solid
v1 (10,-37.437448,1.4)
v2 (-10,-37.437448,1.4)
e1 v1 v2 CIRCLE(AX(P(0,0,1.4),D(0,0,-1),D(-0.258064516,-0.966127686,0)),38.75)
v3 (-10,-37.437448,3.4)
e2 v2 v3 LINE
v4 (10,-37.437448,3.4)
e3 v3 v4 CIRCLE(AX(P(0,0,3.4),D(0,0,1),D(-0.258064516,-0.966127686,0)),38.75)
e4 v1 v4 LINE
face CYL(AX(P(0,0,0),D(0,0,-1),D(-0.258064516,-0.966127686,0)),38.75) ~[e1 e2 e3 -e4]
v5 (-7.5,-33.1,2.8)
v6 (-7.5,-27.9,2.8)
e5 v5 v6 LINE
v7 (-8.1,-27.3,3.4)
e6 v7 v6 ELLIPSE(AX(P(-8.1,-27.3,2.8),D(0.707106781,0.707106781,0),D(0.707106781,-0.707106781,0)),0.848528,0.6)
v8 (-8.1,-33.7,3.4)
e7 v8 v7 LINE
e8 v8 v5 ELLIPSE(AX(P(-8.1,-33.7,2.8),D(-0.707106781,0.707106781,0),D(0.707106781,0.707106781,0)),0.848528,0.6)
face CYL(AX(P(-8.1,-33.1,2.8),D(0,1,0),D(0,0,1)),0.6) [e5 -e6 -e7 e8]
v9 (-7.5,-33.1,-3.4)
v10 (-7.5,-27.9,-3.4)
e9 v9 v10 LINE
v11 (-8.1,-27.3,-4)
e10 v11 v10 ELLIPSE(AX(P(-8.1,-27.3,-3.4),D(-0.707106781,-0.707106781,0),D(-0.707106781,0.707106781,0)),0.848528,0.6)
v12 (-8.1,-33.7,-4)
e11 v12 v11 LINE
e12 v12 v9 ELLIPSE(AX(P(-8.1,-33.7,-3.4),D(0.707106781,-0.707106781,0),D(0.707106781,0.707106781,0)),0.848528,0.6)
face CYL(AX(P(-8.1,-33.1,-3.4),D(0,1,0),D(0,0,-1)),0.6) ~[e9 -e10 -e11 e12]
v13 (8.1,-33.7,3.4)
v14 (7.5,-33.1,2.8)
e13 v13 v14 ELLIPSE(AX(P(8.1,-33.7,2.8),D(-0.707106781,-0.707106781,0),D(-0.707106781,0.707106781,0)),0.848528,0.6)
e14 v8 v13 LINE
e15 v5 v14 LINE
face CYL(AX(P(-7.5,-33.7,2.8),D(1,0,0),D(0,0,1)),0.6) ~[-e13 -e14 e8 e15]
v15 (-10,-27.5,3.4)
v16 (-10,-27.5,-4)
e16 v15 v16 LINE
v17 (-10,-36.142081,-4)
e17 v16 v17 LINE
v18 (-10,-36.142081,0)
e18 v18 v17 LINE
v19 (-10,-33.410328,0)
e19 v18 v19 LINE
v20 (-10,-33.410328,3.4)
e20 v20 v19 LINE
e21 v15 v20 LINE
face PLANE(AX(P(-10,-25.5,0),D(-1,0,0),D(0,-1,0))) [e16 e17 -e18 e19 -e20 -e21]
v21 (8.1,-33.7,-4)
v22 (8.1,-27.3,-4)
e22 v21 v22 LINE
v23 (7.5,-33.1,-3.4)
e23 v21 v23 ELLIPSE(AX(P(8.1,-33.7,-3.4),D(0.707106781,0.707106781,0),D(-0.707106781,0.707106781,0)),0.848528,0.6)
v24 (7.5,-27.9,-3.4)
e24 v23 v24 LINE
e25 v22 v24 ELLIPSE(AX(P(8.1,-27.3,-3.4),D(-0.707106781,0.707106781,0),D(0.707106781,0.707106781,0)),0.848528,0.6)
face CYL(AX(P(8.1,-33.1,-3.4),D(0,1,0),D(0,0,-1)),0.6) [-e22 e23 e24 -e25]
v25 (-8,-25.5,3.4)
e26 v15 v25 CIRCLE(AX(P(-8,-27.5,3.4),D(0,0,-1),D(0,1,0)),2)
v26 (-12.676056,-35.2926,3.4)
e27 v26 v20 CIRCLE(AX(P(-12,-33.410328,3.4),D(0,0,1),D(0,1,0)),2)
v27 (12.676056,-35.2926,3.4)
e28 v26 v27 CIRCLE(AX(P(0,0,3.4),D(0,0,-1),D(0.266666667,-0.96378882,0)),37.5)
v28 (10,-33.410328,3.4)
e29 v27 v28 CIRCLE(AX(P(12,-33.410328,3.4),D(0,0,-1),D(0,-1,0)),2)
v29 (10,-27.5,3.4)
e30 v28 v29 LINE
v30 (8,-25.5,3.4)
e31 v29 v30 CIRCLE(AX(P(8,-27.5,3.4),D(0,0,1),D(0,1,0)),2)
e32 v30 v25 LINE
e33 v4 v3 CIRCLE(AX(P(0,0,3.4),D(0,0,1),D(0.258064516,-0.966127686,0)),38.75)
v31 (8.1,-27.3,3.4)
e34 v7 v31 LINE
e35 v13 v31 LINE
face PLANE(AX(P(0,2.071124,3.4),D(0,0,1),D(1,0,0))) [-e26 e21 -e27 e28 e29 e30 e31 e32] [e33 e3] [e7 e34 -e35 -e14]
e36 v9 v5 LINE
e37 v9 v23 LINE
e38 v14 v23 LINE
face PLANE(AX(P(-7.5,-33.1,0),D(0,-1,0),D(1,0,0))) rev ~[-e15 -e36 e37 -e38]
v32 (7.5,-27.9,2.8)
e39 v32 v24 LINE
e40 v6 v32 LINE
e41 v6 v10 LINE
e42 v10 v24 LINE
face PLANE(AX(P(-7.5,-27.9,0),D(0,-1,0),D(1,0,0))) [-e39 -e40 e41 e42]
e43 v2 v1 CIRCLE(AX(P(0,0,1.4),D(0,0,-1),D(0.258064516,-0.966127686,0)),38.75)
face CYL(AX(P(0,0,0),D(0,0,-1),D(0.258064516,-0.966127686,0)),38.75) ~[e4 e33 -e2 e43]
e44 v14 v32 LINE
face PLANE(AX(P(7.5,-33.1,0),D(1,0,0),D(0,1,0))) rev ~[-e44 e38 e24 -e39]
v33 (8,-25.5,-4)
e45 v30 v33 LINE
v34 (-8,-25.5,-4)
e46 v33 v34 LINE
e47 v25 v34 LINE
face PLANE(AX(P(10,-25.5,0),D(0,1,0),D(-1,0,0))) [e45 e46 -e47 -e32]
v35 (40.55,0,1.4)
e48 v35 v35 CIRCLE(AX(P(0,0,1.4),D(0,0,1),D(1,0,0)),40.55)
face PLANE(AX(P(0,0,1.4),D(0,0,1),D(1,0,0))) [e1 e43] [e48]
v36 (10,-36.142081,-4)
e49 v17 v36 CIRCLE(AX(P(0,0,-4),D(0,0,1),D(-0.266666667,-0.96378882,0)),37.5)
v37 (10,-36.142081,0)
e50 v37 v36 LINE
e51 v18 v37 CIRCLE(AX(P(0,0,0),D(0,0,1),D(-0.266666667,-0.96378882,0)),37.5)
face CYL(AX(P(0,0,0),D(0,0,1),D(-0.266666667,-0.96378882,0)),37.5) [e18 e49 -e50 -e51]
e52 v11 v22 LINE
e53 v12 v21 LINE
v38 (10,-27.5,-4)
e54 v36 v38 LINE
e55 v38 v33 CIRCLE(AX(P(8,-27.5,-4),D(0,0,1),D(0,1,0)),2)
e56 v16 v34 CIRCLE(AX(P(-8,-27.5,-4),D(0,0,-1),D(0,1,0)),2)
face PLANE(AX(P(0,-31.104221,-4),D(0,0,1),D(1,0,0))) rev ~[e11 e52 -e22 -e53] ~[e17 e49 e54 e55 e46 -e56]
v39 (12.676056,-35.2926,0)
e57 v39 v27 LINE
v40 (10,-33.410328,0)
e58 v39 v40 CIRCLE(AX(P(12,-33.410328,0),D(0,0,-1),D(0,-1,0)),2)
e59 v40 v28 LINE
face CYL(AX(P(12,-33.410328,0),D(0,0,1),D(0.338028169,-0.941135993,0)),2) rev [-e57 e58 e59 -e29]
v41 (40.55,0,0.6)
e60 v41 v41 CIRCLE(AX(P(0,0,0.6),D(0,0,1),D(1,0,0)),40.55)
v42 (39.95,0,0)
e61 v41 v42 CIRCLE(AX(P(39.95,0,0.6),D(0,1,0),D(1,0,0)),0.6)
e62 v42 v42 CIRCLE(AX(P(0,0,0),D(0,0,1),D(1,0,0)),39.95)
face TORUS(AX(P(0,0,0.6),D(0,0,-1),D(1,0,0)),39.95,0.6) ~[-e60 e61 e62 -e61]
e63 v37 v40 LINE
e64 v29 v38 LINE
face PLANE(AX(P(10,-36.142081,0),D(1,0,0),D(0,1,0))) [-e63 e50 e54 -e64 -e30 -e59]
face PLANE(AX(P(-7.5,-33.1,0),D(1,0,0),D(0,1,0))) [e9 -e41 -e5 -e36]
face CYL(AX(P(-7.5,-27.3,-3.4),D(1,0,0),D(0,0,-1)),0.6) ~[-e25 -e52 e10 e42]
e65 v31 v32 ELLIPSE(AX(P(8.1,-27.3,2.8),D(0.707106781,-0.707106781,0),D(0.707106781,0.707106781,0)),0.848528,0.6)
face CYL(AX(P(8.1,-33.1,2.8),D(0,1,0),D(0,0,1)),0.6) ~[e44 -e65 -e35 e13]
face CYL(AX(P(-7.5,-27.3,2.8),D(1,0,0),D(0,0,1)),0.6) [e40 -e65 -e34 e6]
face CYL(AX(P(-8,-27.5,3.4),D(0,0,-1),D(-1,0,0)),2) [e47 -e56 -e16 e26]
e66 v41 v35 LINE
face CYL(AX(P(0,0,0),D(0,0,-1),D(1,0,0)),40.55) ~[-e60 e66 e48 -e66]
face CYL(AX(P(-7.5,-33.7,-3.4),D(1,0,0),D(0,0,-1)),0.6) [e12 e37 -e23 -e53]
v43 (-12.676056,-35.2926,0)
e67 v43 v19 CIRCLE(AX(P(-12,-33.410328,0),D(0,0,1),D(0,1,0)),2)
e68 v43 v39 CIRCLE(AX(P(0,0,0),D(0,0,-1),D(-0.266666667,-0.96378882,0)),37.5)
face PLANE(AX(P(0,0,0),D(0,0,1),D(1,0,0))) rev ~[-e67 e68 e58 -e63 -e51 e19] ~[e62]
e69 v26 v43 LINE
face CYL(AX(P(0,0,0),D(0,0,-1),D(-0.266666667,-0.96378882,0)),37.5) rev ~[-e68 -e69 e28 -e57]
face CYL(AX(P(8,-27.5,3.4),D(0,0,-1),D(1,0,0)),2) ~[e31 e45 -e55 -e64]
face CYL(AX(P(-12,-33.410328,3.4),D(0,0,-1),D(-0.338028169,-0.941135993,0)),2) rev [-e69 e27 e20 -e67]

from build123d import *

# Parameters (mm, degrees)
F0_R     = 40.55
F0_W     = 15
F0_H     = 5.2
F1_DEPTH = 1.4
F2_DEPTH = 3.4
F3_DEPTH = 4
F4_R     = 0.6
F5_R     = 2
F6_R     = 0.6


with BuildPart() as f1:
    # F0 (on Top) → F1 (new body)
    with BuildSketch(Plane.XY):
        Circle(F0_R)
        with BuildLine():
            ThreePointArc((-10, -37.4374478297), (-23.6015094856, 30.7332271329), (38.75, 0))
            ThreePointArc((38.75, 0), (30.7332271329, -23.6015094856), (10, -37.4374478297))
            Line((10, -37.4374478297), (10, -39))
            Line((10, -39), (-10, -39))
            Line((-10, -39), (-10, -37.4374478297))
        make_face(mode=Mode.SUBTRACT)
        with BuildLine():
            ThreePointArc((10, -37.4374478297), (30.7332271329, -23.6015094856), (38.75, 0))
            ThreePointArc((38.75, 0), (-23.6015094856, 30.7332271329), (-10, -37.4374478297))
            Line((-10, -37.4374478297), (-10, -36.142080737))
            ThreePointArc((-10, -36.142080737), (-22.7073776557, 29.8433409658), (37.5, 0))
            ThreePointArc((37.5, 0), (29.8433409658, -22.7073776557), (10, -36.142080737))
            Line((10, -36.142080737), (10, -37.4374478297))
        make_face()
        with BuildLine():
            Line((-10, -25.5), (-10, -36.142080737))
            ThreePointArc((-10, -36.142080737), (0, -37.5), (10, -36.142080737))
            Line((10, -36.142080737), (10, -25.5))
            Line((10, -25.5), (-10, -25.5))
        make_face()
        with Locations((0, -30.5)):
            Rectangle(F0_W, F0_H, mode=Mode.SUBTRACT)
        with BuildLine():
            Line((-10, -36.142080737), (-10, -37.4374478297))
            ThreePointArc((-10, -37.4374478297), (0, -38.75), (10, -37.4374478297))
            Line((10, -37.4374478297), (10, -36.142080737))
            ThreePointArc((10, -36.142080737), (0, -37.5), (-10, -36.142080737))
        make_face()
        with BuildLine():
            ThreePointArc((10, -37.4374478297), (0, -38.75), (-10, -37.4374478297))
            Line((-10, -37.4374478297), (-10, -39))
            Line((-10, -39), (10, -39))
            Line((10, -39), (10, -37.4374478297))
        make_face()
    extrude(amount=F1_DEPTH)

    # F0 (on Top) → F2 (join)
    with BuildSketch(Plane.XY):
        with BuildLine():
            ThreePointArc((10, -37.4374478297), (30.7332271329, -23.6015094856), (38.75, 0))
            ThreePointArc((38.75, 0), (-23.6015094856, 30.7332271329), (-10, -37.4374478297))
            Line((-10, -37.4374478297), (-10, -36.142080737))
            ThreePointArc((-10, -36.142080737), (-22.7073776557, 29.8433409658), (37.5, 0))
            ThreePointArc((37.5, 0), (29.8433409658, -22.7073776557), (10, -36.142080737))
            Line((10, -36.142080737), (10, -37.4374478297))
        make_face()
        with BuildLine():
            Line((-10, -36.142080737), (-10, -37.4374478297))
            ThreePointArc((-10, -37.4374478297), (0, -38.75), (10, -37.4374478297))
            Line((10, -37.4374478297), (10, -36.142080737))
            ThreePointArc((10, -36.142080737), (0, -37.5), (-10, -36.142080737))
        make_face()
        with BuildLine():
            Line((-10, -25.5), (-10, -36.142080737))
            ThreePointArc((-10, -36.142080737), (0, -37.5), (10, -36.142080737))
            Line((10, -36.142080737), (10, -25.5))
            Line((10, -25.5), (-10, -25.5))
        make_face()
        with Locations((0, -30.5)):
            Rectangle(F0_W, F0_H, mode=Mode.SUBTRACT)
    extrude(amount=F2_DEPTH)

    # F0 (on Top) → F3 (join)
    with BuildSketch(Plane.XY):
        with BuildLine():
            Line((-10, -25.5), (-10, -36.142080737))
            ThreePointArc((-10, -36.142080737), (0, -37.5), (10, -36.142080737))
            Line((10, -36.142080737), (10, -25.5))
            Line((10, -25.5), (-10, -25.5))
        make_face()
        with Locations((0, -30.5)):
            Rectangle(F0_W, F0_H, mode=Mode.SUBTRACT)
    extrude(amount=-F3_DEPTH)

    # F4
    f4_edges = [f1.edges().sort_by_distance(p)[0] for p in [
        (-40.55, 0, 0),
    ]]
    fillet(f4_edges, radius=F4_R)

    # F5
    f5_edges = [f1.edges().sort_by_distance(p)[0] for p in [
        (-10, -25.5, -0.3),
        (10, -25.5, -0.3),
        (10, -36.142081, 1.7),
        (-10, -36.142081, 1.7),
    ]]
    fillet(f5_edges, radius=F5_R)

    # F6
    f6_edges = [f1.edges().sort_by_distance(p)[0] for p in [
        (7.5, -30.5, 3.4),
        (0, -27.9, 3.4),
        (-7.5, -30.5, 3.4),
        (0, -33.1, 3.4),
        (-7.5, -30.5, -4),
        (0, -27.9, -4),
        (7.5, -30.5, -4),
        (0, -33.1, -4),
    ]]
    fillet(f6_edges, radius=F6_R)


solid = f1.part
